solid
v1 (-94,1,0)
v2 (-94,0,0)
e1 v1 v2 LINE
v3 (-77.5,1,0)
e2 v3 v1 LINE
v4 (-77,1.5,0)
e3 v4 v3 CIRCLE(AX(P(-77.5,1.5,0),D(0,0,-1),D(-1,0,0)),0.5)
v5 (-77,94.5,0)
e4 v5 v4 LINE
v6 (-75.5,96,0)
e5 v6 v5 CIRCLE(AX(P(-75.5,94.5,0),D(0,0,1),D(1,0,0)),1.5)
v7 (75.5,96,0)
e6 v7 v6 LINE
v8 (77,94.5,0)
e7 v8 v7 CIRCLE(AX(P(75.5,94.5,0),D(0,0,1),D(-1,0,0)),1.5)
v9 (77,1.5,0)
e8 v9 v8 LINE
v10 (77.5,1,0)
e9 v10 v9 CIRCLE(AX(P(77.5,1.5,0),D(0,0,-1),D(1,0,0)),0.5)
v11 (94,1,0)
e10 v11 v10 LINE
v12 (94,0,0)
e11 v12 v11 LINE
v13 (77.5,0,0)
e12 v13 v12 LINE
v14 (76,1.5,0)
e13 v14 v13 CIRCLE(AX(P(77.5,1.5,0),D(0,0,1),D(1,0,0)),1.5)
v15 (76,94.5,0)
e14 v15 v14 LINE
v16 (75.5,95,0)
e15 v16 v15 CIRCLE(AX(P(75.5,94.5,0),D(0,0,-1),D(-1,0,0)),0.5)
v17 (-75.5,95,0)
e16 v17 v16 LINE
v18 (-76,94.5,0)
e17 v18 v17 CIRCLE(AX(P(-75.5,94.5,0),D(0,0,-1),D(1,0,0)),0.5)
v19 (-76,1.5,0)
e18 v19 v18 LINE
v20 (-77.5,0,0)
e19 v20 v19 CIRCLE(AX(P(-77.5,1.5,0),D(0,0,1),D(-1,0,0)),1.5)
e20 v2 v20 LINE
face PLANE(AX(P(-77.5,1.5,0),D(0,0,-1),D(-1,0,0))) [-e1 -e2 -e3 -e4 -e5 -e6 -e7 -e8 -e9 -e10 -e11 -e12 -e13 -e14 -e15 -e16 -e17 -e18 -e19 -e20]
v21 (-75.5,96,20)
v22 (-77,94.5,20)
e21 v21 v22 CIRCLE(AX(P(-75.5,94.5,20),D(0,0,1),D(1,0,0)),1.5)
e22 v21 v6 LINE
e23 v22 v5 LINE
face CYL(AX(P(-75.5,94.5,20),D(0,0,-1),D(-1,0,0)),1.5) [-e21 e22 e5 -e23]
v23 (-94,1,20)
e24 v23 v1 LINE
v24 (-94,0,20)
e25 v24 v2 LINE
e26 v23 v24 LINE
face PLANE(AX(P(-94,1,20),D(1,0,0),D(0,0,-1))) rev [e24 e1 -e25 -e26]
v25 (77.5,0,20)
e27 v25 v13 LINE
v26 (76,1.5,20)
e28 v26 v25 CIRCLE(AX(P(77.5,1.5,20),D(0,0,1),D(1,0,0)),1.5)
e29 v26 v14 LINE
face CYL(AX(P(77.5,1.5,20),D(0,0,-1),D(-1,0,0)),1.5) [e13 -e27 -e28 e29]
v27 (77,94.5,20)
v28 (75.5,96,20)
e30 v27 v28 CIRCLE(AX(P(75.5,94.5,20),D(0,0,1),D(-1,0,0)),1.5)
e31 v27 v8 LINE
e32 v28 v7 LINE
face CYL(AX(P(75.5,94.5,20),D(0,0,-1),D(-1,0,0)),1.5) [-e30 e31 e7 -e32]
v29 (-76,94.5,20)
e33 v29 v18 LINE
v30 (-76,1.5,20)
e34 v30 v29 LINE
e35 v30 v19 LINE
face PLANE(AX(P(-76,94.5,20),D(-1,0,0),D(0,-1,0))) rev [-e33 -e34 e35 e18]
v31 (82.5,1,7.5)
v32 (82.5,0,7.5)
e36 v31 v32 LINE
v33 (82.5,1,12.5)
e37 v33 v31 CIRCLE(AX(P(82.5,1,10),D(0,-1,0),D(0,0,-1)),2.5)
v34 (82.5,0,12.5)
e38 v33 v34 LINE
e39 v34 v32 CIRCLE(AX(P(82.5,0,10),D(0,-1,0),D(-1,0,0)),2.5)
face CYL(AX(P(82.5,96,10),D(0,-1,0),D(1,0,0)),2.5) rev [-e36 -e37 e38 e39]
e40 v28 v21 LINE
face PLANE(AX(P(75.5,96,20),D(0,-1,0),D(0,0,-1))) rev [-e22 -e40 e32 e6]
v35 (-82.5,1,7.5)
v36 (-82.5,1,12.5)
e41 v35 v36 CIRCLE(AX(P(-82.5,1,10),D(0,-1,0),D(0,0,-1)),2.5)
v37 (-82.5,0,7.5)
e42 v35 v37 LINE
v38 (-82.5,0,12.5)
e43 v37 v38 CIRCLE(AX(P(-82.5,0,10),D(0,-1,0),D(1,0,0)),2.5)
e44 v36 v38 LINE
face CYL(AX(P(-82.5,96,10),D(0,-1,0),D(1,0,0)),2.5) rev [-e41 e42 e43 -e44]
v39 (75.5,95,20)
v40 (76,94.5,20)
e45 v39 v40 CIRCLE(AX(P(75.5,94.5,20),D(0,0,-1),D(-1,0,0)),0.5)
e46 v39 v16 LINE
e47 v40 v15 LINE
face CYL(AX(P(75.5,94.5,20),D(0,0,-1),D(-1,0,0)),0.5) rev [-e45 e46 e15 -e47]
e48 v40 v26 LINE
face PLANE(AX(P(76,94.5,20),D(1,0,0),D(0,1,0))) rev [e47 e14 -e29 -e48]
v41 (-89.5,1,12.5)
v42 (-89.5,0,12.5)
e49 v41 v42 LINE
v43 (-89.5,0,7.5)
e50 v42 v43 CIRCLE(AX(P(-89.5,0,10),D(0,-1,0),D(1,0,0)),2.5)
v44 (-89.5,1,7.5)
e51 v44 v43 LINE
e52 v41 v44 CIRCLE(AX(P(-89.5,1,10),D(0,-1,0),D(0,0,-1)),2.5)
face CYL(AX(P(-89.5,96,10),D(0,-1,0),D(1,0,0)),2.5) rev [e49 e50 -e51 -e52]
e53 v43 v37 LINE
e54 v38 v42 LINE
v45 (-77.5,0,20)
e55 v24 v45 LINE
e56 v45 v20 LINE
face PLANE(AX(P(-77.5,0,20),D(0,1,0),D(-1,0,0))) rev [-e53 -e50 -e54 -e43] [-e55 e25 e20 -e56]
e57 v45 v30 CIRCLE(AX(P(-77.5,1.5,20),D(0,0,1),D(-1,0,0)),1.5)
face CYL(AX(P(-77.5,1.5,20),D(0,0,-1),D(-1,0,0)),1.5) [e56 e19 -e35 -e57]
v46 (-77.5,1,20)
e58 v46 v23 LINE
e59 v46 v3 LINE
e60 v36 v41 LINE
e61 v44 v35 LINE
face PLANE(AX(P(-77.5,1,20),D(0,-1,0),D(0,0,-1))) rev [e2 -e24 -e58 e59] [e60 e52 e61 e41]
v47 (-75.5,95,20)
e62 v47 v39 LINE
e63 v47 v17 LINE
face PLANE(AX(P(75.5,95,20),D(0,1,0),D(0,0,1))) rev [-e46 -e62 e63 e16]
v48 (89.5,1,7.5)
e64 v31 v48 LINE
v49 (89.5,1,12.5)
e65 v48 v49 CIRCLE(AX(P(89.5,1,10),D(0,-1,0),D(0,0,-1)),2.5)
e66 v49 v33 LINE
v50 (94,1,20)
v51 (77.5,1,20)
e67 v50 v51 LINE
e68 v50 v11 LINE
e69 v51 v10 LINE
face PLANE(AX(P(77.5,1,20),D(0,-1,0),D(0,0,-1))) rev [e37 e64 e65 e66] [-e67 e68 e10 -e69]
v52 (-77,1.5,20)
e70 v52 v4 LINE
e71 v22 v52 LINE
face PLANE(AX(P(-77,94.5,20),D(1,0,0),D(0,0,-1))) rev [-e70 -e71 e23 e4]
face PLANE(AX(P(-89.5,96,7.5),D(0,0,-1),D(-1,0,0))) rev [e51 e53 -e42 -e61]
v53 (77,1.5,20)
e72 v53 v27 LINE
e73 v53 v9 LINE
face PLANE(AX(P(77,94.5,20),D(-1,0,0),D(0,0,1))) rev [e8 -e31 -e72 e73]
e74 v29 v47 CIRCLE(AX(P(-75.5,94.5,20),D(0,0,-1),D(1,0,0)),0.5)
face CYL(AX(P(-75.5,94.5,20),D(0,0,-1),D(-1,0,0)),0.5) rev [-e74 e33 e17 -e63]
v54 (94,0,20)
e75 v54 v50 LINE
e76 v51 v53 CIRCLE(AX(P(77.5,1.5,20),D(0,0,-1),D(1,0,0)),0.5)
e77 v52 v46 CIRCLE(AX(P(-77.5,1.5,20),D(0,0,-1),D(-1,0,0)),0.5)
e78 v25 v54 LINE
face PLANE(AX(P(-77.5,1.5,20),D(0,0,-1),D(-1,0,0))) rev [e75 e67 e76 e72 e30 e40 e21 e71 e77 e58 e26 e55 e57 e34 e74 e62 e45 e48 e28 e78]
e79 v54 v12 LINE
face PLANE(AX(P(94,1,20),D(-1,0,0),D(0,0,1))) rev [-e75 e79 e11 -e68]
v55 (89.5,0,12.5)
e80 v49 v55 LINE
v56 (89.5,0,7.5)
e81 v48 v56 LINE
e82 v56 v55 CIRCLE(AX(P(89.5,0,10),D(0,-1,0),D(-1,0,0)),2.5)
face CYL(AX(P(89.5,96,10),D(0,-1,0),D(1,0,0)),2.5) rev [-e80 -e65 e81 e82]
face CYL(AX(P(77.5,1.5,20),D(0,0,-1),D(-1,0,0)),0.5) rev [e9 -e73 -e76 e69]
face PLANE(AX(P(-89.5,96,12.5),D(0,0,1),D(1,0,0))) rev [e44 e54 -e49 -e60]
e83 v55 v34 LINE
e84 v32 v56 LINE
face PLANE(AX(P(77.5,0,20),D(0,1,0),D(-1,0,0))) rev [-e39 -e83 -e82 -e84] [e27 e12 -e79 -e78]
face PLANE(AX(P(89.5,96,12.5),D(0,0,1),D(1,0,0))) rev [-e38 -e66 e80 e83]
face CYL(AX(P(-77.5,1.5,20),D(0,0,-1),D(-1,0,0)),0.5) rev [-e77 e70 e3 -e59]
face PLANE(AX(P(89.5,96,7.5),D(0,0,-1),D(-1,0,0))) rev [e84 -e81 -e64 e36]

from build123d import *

# Parameters (mm, degrees)
EXTRUSION1_DEPTH        = 20
ENL_V_MAT_EXTRU_1_DEPTH = 136.838138974


with BuildPart() as part:
    # Esquisse1 → Extrusion1 (new body)
    with BuildSketch(Plane.XY):
        with BuildLine():
            Line((75.5, 95), (-75.5, 95))
            ThreePointArc((-75.5, 95), (-75.853553391, 94.853553391), (-76, 94.5))
            Line((-76, 94.5), (-76, 1.5))
            ThreePointArc((-76, 1.5), (-76.439339828, 0.439339828), (-77.5, 0))
            Line((-77.5, 0), (-94, 0))
            Line((-94, 0), (-94, 1))
            Line((-94, 1), (-77.5, 1))
            ThreePointArc((-77.5, 1), (-77.146446609, 1.146446609), (-77, 1.5))
            Line((-77, 1.5), (-77, 94.5))
            ThreePointArc((-77, 94.5), (-76.560660172, 95.560660172), (-75.5, 96))
            Line((-75.5, 96), (75.5, 96))
            ThreePointArc((75.5, 96), (76.560660172, 95.560660172), (77, 94.5))
            Line((77, 94.5), (77, 1.5))
            ThreePointArc((77, 1.5), (77.146446609, 1.146446609), (77.5, 1))
            Line((77.5, 1), (94, 1))
            Line((94, 1), (94, 0))
            Line((94, 0), (77.5, 0))
            ThreePointArc((77.5, 0), (76.439339828, 0.439339828), (76, 1.5))
            Line((76, 1.5), (76, 94.5))
            ThreePointArc((76, 94.5), (75.853553391, 94.853553391), (75.5, 95))
        make_face()
    extrude(amount=EXTRUSION1_DEPTH)

    # Esquisse2 → Enlèv. mat.-Extru.1 (cut, through all)
    with BuildSketch(Plane.XZ):
        with BuildLine():
            Line((-89.5, 12.5), (-82.5, 12.5))
            ThreePointArc((-82.5, 12.5), (-80, 10), (-82.5, 7.5))
            Line((-82.5, 7.5), (-89.5, 7.5))
            ThreePointArc((-89.5, 7.5), (-92, 10), (-89.5, 12.5))
        make_face()
        with BuildLine():
            Line((89.5, 7.5), (82.5, 7.5))
            ThreePointArc((82.5, 7.5), (80, 10), (82.5, 12.5))
            Line((82.5, 12.5), (89.5, 12.5))
            ThreePointArc((89.5, 12.5), (92, 10), (89.5, 7.5))
        make_face()
    extrude(amount=-ENL_V_MAT_EXTRU_1_DEPTH, mode=Mode.SUBTRACT)


solid = part.part
